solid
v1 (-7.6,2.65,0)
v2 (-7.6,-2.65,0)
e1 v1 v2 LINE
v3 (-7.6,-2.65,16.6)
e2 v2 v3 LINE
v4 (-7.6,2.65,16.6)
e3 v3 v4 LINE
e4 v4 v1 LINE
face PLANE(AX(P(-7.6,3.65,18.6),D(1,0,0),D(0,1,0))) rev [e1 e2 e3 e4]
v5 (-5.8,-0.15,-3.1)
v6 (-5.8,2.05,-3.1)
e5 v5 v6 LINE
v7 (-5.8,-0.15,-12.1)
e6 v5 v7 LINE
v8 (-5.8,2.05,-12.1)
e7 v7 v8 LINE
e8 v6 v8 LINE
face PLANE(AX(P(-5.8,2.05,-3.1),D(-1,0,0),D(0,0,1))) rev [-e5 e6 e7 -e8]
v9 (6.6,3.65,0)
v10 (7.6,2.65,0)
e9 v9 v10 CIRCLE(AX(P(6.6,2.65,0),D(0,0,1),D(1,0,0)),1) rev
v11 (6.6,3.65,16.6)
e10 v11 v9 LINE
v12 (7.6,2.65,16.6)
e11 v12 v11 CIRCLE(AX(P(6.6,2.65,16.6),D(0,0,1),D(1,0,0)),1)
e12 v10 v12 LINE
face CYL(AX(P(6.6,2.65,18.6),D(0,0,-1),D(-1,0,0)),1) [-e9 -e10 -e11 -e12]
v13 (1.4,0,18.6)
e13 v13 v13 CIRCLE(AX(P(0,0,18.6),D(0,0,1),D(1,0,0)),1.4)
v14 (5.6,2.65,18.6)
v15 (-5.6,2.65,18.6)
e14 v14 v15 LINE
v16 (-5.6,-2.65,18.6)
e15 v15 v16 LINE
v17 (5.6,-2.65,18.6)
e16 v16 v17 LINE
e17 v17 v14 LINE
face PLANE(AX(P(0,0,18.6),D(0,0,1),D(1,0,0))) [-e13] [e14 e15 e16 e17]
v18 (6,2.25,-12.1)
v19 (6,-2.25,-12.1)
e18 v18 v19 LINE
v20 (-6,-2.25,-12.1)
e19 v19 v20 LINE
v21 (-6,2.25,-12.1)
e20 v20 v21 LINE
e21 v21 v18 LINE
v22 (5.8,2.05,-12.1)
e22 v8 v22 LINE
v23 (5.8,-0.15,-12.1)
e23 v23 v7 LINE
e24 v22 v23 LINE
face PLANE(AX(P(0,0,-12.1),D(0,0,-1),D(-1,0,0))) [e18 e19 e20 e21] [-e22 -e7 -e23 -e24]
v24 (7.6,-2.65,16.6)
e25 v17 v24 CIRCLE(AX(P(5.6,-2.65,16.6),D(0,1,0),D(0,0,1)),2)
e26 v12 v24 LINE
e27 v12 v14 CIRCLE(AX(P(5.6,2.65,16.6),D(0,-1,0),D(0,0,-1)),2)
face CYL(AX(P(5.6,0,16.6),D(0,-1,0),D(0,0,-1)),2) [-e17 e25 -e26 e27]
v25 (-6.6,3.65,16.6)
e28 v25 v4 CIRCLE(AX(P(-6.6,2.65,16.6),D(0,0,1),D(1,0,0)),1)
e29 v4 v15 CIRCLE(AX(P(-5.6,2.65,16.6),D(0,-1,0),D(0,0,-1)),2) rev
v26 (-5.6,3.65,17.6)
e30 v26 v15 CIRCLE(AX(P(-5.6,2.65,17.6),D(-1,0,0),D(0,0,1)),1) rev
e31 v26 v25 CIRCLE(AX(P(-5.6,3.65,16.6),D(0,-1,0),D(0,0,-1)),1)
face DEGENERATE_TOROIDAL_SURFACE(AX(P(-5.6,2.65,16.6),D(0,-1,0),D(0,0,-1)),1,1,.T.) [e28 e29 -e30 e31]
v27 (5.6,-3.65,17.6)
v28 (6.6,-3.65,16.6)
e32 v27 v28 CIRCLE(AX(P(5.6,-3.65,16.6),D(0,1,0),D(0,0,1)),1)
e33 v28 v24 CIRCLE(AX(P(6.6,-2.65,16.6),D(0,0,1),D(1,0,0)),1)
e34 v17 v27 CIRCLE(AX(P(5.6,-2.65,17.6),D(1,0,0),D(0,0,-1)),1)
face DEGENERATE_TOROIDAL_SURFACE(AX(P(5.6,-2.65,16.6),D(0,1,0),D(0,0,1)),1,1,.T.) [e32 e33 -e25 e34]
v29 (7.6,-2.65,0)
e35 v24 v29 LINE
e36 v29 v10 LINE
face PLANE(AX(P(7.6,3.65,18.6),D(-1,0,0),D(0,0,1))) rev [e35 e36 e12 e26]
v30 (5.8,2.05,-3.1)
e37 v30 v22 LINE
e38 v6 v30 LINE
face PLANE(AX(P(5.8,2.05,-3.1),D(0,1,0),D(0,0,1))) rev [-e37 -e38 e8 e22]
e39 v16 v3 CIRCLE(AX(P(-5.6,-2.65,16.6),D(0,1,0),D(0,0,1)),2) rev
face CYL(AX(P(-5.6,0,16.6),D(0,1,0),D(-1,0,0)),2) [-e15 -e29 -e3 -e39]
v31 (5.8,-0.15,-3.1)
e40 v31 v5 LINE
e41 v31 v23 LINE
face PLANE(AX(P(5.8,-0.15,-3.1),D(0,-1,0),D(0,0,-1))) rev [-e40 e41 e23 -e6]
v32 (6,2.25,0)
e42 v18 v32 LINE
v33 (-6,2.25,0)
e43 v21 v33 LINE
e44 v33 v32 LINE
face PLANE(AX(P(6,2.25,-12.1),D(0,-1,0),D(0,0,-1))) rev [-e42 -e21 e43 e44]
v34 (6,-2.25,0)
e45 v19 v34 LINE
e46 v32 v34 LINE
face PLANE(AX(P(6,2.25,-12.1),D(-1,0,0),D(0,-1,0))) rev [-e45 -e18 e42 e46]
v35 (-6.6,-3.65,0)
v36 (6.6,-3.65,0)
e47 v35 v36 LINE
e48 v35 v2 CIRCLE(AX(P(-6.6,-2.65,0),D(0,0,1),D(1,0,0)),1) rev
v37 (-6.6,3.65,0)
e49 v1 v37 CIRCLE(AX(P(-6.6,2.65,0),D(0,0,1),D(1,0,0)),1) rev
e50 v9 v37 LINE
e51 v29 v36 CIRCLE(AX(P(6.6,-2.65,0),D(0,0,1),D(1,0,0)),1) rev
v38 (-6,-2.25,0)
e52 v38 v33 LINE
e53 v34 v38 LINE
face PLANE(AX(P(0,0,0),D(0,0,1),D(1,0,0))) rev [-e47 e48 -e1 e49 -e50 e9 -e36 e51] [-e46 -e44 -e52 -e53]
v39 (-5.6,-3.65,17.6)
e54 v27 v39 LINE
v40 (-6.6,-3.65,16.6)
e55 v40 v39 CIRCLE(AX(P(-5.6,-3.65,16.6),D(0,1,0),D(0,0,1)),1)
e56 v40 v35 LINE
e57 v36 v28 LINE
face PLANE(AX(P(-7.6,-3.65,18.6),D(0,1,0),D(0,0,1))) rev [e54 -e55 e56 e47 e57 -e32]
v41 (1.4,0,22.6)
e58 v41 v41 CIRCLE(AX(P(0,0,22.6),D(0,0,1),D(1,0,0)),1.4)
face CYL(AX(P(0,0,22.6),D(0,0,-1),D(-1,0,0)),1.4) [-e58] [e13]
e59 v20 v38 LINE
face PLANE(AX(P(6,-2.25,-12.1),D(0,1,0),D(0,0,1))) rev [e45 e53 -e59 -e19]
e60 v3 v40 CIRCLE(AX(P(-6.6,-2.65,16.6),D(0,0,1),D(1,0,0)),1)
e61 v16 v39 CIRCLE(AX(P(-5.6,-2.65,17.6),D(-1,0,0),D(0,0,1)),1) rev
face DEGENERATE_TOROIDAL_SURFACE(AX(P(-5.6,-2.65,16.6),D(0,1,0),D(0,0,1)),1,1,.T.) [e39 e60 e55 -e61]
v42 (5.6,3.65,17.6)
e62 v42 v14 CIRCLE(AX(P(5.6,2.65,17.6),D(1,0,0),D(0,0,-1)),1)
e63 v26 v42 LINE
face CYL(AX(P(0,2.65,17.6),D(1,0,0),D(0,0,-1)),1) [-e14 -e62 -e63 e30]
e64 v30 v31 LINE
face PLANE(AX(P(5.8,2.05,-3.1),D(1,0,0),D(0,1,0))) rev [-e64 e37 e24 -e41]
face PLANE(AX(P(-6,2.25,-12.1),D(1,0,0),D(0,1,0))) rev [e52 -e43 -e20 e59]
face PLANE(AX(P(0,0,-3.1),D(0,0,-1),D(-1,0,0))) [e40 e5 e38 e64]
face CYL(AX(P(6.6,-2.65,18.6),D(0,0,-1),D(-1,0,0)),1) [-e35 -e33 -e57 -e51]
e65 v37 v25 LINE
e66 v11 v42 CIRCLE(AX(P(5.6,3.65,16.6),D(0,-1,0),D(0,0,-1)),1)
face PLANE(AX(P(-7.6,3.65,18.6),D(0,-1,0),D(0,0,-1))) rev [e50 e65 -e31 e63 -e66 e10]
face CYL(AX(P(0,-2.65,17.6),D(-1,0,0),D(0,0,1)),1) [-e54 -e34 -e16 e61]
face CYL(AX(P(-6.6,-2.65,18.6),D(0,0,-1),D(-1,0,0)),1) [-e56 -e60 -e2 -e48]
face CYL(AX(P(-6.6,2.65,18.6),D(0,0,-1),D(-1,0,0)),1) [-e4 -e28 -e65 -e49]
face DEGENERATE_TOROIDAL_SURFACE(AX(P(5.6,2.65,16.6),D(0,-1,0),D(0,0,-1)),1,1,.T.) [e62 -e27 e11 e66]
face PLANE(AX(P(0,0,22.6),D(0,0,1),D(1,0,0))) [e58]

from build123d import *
from OCP.BRepFilletAPI import BRepFilletAPI_MakeFillet

# Parameters (mm, degrees)
ESQUISSE1_W             = 15.2
ESQUISSE1_H             = 7.3
BOSS_EXTRU_1_DEPTH      = 18.6
ESQUISSE2_W             = 12
ESQUISSE2_H             = 4.5
BOSS_EXTRU_2_DEPTH      = 12.1
ESQUISSE3_W             = 11.6
ESQUISSE3_H             = 2.2
ENL_V_MAT_EXTRU_1_DEPTH = 9
ESQUISSE4_R             = 1.4
BOSS_EXTRU_3_DEPTH      = 4
CONG_1_R1               = 1
CONG_1_R2               = 2


with BuildPart() as part:
    # Esquisse1 → Boss.-Extru.1 (new body)
    with BuildSketch(Plane.XY):
        Rectangle(ESQUISSE1_W, ESQUISSE1_H)
    extrude(amount=BOSS_EXTRU_1_DEPTH)

    # Esquisse2 → Boss.-Extru.2 (add)
    with BuildSketch(Plane(origin=(0, 0, 0), x_dir=(-1, 0, 0), z_dir=(0, 0, -1))):
        Rectangle(ESQUISSE2_W, ESQUISSE2_H)
    extrude(amount=BOSS_EXTRU_2_DEPTH)

    # Esquisse3 → Enlèv. mat.-Extru.1 (cut)
    with BuildSketch(Plane(origin=(0, 0, -12.1), x_dir=(-1, 0, 0), z_dir=(0, 0, -1))):
        with Locations((0, 0.95)):
            Rectangle(ESQUISSE3_W, ESQUISSE3_H)
    extrude(amount=-ENL_V_MAT_EXTRU_1_DEPTH, mode=Mode.SUBTRACT)

    # Esquisse4 → Boss.-Extru.3 (add)
    with BuildSketch(Plane.XY.offset(18.6)):
        Circle(ESQUISSE4_R)
    extrude(amount=BOSS_EXTRU_3_DEPTH)

    # Congé1: one fillet with a radius per group of edges: ONE call of the kernel's fillet builder (fillet() takes one radius for all edges)
    cong_1_edges_1 = [part.edges().sort_by_distance(p)[0] for p in [
        (-7.6, 3.65, 9.3),
        (7.6, 3.65, 9.3),
        (7.6, -3.65, 9.3),
        (-7.6, -3.65, 9.3),
        (0, -3.65, 18.6),
        (0, 3.65, 18.6),
    ]]
    cong_1_edges_2 = [part.edges().sort_by_distance(p)[0] for p in [
        (-7.6, 0, 18.6),
        (7.6, 0, 18.6),
    ]]
    cong_1 = BRepFilletAPI_MakeFillet(part.part.solid().wrapped)
    for e in cong_1_edges_1:
        cong_1.Add(CONG_1_R1, e.wrapped)
    for e in cong_1_edges_2:
        cong_1.Add(CONG_1_R2, e.wrapped)
    add(Compound.cast(cong_1.Shape()), mode=Mode.REPLACE)


solid = part.part
